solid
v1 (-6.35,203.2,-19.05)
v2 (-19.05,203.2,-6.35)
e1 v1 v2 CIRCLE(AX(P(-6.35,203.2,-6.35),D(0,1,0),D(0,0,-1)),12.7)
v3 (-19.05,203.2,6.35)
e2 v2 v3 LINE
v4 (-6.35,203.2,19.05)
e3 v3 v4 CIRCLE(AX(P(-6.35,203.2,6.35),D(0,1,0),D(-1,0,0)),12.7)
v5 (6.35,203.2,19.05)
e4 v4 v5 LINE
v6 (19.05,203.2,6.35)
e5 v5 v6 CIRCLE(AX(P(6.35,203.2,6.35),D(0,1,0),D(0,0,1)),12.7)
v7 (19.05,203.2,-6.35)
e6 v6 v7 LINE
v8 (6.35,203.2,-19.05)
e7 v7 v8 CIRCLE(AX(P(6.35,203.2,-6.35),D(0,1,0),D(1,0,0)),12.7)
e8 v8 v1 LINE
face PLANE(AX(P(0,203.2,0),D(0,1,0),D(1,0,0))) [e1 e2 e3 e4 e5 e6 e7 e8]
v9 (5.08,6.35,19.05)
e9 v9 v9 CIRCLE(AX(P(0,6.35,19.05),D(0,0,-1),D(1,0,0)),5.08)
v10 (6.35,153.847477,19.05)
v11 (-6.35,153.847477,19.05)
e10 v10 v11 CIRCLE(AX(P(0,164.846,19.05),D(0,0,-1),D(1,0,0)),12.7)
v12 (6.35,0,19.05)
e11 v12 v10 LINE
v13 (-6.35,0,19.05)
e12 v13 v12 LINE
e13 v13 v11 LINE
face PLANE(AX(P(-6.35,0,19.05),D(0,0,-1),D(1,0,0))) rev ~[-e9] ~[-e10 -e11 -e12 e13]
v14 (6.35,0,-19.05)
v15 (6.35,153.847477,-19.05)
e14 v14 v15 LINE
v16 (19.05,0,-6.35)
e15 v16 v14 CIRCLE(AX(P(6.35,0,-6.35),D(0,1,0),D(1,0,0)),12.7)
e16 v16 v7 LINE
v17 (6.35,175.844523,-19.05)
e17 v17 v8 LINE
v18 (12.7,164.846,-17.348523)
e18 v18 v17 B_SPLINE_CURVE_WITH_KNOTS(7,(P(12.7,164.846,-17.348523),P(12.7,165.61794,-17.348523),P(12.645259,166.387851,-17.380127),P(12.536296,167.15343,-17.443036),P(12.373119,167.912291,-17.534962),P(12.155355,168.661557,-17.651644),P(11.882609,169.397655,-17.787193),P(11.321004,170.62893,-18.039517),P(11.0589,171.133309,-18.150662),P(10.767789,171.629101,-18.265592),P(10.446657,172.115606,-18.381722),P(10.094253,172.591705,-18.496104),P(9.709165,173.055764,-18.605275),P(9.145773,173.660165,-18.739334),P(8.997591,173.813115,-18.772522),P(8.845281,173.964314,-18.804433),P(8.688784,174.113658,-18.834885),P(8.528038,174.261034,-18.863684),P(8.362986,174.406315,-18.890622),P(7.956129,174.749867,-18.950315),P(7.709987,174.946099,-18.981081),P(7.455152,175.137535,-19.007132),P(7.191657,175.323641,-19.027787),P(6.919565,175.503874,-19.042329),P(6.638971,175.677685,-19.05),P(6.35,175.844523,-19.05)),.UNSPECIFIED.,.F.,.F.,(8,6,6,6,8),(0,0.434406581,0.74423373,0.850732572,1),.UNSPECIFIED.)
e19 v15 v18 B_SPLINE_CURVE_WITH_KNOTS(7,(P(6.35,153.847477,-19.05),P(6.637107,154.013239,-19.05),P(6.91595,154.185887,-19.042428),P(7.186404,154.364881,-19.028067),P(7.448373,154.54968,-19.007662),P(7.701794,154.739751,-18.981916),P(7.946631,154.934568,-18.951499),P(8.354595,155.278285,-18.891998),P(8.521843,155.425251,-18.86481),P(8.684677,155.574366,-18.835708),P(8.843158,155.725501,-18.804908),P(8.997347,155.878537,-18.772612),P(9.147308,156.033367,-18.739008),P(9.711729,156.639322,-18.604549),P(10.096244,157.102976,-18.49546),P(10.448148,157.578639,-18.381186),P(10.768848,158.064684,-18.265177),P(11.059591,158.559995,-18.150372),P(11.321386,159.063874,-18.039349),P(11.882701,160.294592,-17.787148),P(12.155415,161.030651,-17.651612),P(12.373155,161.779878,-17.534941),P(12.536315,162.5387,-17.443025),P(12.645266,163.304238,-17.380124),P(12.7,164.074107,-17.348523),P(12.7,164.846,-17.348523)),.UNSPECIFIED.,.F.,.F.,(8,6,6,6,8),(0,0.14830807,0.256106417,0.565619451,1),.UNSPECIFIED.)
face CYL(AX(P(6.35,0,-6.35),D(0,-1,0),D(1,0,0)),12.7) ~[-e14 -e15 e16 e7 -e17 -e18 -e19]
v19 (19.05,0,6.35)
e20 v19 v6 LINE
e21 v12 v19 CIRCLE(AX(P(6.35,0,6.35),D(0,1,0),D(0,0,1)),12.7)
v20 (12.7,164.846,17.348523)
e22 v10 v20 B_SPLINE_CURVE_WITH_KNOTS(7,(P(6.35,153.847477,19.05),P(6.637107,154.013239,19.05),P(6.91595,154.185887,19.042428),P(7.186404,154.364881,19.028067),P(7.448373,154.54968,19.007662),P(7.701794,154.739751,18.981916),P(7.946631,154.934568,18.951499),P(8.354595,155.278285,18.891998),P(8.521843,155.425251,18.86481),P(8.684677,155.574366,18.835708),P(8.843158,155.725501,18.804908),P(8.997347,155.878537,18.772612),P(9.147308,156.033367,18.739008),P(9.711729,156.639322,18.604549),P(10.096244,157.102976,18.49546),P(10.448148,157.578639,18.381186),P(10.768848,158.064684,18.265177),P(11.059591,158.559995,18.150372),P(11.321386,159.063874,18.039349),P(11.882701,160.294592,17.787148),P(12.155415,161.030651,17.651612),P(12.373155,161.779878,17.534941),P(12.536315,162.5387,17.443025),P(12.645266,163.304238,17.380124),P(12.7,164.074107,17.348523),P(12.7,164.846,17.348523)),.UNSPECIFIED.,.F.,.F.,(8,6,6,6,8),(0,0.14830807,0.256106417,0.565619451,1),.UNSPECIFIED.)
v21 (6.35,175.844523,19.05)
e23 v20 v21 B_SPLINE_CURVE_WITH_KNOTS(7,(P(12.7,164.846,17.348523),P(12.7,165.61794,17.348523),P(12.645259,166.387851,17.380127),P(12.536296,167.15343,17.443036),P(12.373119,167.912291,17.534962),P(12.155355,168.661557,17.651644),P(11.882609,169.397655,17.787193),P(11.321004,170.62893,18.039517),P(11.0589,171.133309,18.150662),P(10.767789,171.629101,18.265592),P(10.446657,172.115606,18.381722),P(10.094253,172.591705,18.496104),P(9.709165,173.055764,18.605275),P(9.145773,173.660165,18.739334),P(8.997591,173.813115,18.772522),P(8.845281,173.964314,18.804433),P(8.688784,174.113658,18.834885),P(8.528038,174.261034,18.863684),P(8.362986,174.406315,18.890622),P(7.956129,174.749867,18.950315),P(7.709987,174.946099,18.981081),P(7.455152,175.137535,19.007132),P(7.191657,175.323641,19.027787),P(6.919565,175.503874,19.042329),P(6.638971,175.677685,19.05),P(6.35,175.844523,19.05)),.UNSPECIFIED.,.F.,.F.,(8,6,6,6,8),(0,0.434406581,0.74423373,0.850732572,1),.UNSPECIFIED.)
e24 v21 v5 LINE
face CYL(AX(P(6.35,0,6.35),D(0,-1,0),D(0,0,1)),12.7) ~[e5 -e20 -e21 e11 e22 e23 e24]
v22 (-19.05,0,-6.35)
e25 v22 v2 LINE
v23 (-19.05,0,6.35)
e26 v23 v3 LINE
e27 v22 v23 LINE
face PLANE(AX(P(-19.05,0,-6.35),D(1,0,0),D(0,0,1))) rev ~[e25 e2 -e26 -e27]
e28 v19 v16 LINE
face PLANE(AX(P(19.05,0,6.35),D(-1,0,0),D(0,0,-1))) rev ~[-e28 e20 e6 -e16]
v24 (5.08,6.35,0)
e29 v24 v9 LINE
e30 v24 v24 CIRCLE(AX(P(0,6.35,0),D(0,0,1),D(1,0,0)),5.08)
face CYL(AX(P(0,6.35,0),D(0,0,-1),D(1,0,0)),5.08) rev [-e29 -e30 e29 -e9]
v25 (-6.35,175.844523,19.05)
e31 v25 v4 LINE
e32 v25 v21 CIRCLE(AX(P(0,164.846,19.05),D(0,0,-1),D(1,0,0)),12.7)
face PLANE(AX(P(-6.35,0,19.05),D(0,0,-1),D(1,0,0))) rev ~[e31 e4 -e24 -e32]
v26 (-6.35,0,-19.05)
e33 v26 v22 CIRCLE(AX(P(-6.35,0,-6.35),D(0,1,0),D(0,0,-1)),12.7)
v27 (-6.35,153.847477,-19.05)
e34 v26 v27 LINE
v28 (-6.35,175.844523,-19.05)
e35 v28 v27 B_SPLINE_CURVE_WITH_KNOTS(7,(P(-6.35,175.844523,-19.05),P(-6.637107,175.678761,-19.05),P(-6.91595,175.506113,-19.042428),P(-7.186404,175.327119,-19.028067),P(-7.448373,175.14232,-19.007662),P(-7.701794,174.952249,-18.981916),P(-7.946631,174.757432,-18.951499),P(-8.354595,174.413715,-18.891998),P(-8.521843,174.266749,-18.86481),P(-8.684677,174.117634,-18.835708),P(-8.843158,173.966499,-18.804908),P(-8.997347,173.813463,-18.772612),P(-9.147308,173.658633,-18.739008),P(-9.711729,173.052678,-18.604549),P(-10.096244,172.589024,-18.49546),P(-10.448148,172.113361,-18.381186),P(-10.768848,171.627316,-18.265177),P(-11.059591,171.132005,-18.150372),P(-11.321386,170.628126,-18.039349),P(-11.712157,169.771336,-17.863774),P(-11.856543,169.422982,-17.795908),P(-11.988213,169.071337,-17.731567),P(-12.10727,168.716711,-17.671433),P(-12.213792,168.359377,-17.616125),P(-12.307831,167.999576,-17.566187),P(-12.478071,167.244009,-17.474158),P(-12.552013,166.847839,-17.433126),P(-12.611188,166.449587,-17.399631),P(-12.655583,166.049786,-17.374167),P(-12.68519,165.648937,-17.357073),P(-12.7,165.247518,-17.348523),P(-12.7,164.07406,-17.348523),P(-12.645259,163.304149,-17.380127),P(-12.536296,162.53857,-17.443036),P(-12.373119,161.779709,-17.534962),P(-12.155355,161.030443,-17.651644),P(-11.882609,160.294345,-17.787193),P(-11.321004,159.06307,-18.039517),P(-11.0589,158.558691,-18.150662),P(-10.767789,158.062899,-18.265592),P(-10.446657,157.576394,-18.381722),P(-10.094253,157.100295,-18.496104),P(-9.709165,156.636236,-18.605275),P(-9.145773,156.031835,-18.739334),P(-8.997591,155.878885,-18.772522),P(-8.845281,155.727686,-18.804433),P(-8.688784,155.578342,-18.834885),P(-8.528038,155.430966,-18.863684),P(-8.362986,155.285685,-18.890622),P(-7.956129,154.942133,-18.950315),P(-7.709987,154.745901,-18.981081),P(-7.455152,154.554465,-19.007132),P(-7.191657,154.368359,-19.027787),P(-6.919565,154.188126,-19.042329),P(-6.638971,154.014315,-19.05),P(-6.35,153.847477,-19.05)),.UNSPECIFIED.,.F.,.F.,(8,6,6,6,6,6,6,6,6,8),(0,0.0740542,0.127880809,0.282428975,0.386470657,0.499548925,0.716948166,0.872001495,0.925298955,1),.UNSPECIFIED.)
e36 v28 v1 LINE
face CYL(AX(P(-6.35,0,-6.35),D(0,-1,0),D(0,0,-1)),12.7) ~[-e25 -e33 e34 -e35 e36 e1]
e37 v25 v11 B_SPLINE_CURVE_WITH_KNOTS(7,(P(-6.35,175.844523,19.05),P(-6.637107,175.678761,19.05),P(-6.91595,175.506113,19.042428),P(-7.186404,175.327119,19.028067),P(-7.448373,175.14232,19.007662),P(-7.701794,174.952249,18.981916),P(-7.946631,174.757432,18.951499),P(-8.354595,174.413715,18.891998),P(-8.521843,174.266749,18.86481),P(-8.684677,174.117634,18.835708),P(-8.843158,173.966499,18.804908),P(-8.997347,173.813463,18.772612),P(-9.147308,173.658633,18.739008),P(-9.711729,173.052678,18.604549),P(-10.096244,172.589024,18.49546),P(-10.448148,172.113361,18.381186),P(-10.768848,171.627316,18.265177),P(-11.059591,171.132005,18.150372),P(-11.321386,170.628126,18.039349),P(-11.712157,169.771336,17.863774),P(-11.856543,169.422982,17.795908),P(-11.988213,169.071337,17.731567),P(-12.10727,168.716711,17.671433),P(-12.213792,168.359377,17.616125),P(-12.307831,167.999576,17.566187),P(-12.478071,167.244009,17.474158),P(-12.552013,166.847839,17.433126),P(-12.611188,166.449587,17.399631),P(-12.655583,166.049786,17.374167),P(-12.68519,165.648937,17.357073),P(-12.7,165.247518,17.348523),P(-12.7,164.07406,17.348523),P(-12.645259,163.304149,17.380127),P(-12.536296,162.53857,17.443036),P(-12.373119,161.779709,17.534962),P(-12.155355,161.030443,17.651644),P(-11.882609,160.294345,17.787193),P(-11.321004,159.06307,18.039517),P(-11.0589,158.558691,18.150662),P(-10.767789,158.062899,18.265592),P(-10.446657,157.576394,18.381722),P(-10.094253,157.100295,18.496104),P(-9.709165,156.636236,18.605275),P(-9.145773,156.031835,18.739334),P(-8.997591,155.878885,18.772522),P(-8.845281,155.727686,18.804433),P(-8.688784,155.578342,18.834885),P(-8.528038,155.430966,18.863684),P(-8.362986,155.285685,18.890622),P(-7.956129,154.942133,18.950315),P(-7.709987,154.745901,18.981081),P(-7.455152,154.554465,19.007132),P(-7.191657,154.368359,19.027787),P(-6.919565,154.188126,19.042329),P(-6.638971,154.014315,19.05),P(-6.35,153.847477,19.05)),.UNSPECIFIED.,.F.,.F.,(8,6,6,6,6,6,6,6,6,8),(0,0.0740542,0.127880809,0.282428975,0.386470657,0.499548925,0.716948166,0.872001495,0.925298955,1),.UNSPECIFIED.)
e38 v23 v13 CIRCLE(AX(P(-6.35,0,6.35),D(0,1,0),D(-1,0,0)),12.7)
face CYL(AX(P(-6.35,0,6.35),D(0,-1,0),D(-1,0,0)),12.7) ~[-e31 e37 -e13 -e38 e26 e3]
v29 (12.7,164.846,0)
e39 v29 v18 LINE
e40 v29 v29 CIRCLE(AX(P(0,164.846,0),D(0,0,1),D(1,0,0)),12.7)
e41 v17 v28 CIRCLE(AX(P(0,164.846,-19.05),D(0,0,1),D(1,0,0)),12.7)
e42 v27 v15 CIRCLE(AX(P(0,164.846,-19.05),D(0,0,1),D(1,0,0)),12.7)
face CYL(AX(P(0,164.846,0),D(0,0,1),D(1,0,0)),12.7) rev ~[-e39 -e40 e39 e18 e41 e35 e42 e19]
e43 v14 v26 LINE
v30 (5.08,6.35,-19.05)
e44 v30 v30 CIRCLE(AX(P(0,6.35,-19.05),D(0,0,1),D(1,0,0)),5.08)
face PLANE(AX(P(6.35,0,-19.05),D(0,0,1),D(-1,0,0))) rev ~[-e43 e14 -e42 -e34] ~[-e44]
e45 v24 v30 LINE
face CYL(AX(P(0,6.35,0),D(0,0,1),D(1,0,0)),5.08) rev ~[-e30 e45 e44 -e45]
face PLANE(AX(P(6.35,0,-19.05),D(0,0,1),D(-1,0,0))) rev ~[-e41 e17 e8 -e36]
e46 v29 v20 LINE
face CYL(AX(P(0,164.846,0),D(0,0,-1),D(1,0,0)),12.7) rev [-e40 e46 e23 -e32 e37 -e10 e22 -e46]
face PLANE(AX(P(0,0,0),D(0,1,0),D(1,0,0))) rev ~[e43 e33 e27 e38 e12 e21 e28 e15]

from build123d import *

# Parameters (mm, degrees)
BOSS_EXTRUDE2_DEPTH     = 203.2
SKETCH4_R               = 12.7
SKETCH4_R_2             = 5.08
CUT_EXTRUDE1_DEPTH      = 76.2
CUT_EXTRUDE1_DEPTH_BACK = 92.964


with BuildPart() as part:
    # Sketch1 → Boss-Extrude2 (new body)
    with BuildSketch(Plane(origin=(0, 0, 0), x_dir=(1, 0, 0), z_dir=(0, 1, 0))):
        with BuildLine():
            Line((-6.35, -19.05), (6.35, -19.05))
            ThreePointArc((6.35, -19.05), (15.330256121, -15.330256121), (19.05, -6.35))
            Line((19.05, -6.35), (19.05, 6.35))
            ThreePointArc((19.05, 6.35), (15.330256121, 15.330256121), (6.35, 19.05))
            Line((6.35, 19.05), (-6.35, 19.05))
            ThreePointArc((-6.35, 19.05), (-15.330256121, 15.330256121), (-19.05, 6.35))
            Line((-19.05, 6.35), (-19.05, -6.35))
            ThreePointArc((-19.05, -6.35), (-15.330256121, -15.330256121), (-6.35, -19.05))
        make_face()
    extrude(amount=BOSS_EXTRUDE2_DEPTH)

    # Sketch4 → Cut-Extrude1 (cut, two sides)
    with BuildSketch(Plane.XY) as cut_extrude1_sk:
        with Locations((0, 164.846)):
            Circle(SKETCH4_R)
        with Locations((0, 6.35)):
            Circle(SKETCH4_R_2)
    extrude(amount=CUT_EXTRUDE1_DEPTH, mode=Mode.SUBTRACT)
    extrude(cut_extrude1_sk.sketch, amount=-CUT_EXTRUDE1_DEPTH_BACK, mode=Mode.SUBTRACT)


solid = part.part
